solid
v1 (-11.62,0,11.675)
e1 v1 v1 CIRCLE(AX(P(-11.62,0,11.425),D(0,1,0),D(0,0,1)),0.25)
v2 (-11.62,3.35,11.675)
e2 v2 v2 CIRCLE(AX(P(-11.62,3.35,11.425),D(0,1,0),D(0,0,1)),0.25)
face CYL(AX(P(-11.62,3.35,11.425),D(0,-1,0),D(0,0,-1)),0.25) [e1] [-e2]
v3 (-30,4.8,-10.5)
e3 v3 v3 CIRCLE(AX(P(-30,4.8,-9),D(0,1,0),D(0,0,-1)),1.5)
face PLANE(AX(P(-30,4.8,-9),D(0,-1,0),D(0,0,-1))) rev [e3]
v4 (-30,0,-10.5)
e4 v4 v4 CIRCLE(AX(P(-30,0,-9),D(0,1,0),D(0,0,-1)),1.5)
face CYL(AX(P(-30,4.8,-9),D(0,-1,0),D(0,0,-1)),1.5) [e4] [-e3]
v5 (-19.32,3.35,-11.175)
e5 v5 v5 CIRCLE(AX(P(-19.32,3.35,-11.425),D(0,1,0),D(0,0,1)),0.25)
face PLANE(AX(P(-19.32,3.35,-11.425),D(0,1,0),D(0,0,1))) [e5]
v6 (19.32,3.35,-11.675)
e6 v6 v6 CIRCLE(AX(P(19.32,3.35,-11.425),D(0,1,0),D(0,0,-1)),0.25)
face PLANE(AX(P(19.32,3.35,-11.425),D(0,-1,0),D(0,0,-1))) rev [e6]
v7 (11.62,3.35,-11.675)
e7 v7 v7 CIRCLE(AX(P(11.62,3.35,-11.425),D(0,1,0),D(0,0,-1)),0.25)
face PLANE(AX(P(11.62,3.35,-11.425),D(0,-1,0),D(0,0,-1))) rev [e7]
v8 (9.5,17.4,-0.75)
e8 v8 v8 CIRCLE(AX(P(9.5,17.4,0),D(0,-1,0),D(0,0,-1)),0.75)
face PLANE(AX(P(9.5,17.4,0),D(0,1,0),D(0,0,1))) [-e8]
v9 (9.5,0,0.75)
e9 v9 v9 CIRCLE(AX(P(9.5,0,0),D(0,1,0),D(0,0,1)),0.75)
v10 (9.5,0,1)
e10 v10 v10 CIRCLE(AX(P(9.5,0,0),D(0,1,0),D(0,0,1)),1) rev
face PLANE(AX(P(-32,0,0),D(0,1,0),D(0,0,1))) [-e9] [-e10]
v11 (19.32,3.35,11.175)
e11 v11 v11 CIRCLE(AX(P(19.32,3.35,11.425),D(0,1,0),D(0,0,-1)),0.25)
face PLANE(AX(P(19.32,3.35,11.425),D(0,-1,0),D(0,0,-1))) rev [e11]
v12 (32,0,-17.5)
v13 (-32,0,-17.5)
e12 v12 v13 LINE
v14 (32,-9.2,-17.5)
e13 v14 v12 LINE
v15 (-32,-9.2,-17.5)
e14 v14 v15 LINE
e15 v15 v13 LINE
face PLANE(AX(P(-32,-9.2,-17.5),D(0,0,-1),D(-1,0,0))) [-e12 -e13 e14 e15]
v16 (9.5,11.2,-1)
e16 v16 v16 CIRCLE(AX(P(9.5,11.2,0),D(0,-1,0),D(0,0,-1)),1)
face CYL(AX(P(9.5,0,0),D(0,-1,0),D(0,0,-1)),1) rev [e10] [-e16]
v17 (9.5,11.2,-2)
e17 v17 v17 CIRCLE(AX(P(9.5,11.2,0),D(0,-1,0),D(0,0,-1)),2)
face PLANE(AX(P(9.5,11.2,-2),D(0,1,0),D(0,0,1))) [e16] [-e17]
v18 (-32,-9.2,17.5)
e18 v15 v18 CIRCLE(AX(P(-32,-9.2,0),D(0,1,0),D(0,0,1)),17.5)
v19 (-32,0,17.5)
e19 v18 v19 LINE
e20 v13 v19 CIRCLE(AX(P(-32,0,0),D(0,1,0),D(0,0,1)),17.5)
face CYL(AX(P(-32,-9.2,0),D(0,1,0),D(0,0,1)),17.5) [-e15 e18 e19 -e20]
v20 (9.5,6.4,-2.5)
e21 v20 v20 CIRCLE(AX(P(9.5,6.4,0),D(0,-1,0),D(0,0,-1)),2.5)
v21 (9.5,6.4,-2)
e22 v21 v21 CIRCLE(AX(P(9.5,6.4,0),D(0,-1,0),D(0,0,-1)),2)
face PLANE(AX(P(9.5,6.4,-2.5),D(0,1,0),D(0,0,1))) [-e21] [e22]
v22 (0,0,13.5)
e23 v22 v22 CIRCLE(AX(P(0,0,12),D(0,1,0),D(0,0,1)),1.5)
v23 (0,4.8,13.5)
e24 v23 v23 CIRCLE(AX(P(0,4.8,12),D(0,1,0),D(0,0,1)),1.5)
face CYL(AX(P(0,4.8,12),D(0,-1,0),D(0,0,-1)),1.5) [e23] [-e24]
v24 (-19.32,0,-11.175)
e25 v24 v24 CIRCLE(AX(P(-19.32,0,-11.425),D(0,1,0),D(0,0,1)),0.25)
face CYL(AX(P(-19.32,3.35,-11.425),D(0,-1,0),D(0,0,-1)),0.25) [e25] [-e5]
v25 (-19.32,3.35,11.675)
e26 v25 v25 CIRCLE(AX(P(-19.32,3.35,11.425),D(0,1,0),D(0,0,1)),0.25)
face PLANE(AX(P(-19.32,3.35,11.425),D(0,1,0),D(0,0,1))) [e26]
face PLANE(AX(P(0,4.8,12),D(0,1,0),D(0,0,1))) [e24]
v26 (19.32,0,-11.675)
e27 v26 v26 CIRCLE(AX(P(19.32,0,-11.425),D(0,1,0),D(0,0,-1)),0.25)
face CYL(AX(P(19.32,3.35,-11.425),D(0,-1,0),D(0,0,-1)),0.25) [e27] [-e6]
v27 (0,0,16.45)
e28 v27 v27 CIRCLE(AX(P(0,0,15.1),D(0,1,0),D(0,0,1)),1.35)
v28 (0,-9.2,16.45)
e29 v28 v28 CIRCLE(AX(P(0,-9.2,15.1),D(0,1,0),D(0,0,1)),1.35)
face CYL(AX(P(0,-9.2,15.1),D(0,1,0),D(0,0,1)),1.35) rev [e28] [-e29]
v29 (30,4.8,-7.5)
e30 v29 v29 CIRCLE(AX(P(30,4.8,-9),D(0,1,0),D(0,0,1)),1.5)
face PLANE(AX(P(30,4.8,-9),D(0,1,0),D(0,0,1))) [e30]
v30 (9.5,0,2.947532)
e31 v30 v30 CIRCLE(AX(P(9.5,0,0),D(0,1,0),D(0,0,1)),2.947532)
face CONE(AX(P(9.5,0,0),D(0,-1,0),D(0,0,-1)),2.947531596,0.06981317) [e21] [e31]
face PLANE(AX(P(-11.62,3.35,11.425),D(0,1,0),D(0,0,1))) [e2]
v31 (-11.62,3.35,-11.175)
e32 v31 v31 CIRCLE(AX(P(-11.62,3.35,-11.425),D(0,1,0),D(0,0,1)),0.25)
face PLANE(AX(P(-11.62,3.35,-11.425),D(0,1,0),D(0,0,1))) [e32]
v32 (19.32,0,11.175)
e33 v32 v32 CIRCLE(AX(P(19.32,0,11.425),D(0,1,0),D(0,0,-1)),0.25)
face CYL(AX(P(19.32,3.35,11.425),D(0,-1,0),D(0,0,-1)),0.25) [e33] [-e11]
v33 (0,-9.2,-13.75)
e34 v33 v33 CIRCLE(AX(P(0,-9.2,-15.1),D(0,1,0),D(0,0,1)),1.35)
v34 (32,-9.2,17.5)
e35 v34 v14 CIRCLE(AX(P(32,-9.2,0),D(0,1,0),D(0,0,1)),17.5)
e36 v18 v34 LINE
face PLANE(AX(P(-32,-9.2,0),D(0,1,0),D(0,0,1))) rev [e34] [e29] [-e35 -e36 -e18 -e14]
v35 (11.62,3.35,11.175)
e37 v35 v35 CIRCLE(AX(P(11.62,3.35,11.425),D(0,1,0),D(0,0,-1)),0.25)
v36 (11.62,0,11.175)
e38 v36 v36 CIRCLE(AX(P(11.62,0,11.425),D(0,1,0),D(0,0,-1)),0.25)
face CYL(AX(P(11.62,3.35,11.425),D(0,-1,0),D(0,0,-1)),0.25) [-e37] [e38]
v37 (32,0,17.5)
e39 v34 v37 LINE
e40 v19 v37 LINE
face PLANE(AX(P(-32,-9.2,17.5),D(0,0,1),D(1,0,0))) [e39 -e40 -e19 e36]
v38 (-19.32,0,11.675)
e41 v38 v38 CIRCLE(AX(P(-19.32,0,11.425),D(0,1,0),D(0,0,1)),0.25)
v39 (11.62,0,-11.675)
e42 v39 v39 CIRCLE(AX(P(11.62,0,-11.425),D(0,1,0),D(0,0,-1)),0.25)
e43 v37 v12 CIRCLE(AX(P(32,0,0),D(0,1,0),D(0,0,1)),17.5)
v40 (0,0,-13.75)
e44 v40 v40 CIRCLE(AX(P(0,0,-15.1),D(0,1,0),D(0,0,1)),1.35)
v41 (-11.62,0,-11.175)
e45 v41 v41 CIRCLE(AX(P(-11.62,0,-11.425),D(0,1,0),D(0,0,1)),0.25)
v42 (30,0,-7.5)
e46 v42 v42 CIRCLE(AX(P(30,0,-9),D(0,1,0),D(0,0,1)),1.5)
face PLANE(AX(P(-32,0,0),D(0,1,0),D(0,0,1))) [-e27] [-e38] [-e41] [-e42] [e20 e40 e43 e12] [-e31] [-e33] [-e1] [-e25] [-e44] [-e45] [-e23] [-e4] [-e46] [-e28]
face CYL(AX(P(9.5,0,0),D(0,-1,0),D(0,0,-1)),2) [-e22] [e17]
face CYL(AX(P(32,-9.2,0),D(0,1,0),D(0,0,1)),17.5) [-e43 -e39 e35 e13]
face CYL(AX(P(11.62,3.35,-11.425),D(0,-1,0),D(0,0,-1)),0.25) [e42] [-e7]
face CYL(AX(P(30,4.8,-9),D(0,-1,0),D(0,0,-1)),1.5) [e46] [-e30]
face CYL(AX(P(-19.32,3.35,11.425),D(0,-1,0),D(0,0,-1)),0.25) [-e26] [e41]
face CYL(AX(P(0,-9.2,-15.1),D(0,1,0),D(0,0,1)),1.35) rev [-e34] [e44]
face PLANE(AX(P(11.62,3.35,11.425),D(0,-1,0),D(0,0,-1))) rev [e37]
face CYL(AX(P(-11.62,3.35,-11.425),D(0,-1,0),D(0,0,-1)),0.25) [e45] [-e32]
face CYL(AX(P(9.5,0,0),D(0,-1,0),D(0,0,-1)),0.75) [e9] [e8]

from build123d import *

# Parameters (mm, degrees)
BOSS_EXTRUDE1_DEPTH = 9.2
SKETCH2_W           = 0.75
SKETCH2_H           = 17.4
SKETCH3_R           = 1.5
BOSS_EXTRUDE2_DEPTH = 4.8
SKETCH4_R           = 0.25
BOSS_EXTRUDE3_DEPTH = 3.35
SKETCH5_R           = 1.35
CUT_EXTRUDE1_DEPTH  = 10.2


with BuildPart() as part:
    # Sketch1 → Boss-Extrude1 (new body)
    with BuildSketch(Plane(origin=(0, 0, 0), x_dir=(1, 0, 0), z_dir=(0, 1, 0))):
        with BuildLine():
            Line((-32, 17.5), (32, 17.5))
            ThreePointArc((32, 17.5), (49.5, 0), (32, -17.5))
            Line((32, -17.5), (-32, -17.5))
            ThreePointArc((-32, -17.5), (-49.5, 0), (-32, 17.5))
        make_face()
    extrude(amount=-BOSS_EXTRUDE1_DEPTH)

    # Sketch2 → Revolve1 (revolve)
    with BuildSketch(Plane(origin=(9.5, 0, 0), x_dir=(0, 0, -1), z_dir=(1, 0, 0))):
        with Locations((0.375, 8.7)):
            Rectangle(SKETCH2_W, SKETCH2_H)
        Polygon((1, 0), (2.947531596, 0), (2.5, 6.4), (2, 6.4), (2, 11.2), (1, 11.2), align=None)
    revolve(axis=Axis((9.5, 0, 0), (0, 1, 0)))

    # Sketch3 → Boss-Extrude2 (add)
    with BuildSketch(Plane(origin=(0, 0, 0), x_dir=(1, 0, 0), z_dir=(0, 1, 0))):
        with Locations((0, -12)):
            Circle(SKETCH3_R)
        with Locations((30, 9)):
            Circle(SKETCH3_R)
        with Locations((-30, 9)):
            Circle(SKETCH3_R)
    extrude(amount=BOSS_EXTRUDE2_DEPTH)

    # Sketch4 → Boss-Extrude3 (add)
    with BuildSketch(Plane(origin=(0, 0, 0), x_dir=(1, 0, 0), z_dir=(0, 1, 0))):
        with Locations((-19.32, 11.425)):
            Circle(SKETCH4_R)
        with Locations((-11.62, 11.425)):
            Circle(SKETCH4_R)
        with Locations((-11.62, -11.425)):
            Circle(SKETCH4_R)
        with Locations((-19.32, -11.425)):
            Circle(SKETCH4_R)
        with Locations((19.32, -11.425)):
            Circle(SKETCH4_R)
        with Locations((11.62, -11.425)):
            Circle(SKETCH4_R)
        with Locations((11.62, 11.425)):
            Circle(SKETCH4_R)
        with Locations((19.32, 11.425)):
            Circle(SKETCH4_R)
    extrude(amount=BOSS_EXTRUDE3_DEPTH)

    # Sketch5 → Cut-Extrude1 (cut, through all)
    with BuildSketch(Plane(origin=(0, 0, 0), x_dir=(1, 0, 0), z_dir=(0, 1, 0))):
        with Locations((0, 15.1)):
            Circle(SKETCH5_R)
        with Locations((0, -15.1)):
            Circle(SKETCH5_R)
    extrude(amount=-CUT_EXTRUDE1_DEPTH, mode=Mode.SUBTRACT)


solid = part.part
